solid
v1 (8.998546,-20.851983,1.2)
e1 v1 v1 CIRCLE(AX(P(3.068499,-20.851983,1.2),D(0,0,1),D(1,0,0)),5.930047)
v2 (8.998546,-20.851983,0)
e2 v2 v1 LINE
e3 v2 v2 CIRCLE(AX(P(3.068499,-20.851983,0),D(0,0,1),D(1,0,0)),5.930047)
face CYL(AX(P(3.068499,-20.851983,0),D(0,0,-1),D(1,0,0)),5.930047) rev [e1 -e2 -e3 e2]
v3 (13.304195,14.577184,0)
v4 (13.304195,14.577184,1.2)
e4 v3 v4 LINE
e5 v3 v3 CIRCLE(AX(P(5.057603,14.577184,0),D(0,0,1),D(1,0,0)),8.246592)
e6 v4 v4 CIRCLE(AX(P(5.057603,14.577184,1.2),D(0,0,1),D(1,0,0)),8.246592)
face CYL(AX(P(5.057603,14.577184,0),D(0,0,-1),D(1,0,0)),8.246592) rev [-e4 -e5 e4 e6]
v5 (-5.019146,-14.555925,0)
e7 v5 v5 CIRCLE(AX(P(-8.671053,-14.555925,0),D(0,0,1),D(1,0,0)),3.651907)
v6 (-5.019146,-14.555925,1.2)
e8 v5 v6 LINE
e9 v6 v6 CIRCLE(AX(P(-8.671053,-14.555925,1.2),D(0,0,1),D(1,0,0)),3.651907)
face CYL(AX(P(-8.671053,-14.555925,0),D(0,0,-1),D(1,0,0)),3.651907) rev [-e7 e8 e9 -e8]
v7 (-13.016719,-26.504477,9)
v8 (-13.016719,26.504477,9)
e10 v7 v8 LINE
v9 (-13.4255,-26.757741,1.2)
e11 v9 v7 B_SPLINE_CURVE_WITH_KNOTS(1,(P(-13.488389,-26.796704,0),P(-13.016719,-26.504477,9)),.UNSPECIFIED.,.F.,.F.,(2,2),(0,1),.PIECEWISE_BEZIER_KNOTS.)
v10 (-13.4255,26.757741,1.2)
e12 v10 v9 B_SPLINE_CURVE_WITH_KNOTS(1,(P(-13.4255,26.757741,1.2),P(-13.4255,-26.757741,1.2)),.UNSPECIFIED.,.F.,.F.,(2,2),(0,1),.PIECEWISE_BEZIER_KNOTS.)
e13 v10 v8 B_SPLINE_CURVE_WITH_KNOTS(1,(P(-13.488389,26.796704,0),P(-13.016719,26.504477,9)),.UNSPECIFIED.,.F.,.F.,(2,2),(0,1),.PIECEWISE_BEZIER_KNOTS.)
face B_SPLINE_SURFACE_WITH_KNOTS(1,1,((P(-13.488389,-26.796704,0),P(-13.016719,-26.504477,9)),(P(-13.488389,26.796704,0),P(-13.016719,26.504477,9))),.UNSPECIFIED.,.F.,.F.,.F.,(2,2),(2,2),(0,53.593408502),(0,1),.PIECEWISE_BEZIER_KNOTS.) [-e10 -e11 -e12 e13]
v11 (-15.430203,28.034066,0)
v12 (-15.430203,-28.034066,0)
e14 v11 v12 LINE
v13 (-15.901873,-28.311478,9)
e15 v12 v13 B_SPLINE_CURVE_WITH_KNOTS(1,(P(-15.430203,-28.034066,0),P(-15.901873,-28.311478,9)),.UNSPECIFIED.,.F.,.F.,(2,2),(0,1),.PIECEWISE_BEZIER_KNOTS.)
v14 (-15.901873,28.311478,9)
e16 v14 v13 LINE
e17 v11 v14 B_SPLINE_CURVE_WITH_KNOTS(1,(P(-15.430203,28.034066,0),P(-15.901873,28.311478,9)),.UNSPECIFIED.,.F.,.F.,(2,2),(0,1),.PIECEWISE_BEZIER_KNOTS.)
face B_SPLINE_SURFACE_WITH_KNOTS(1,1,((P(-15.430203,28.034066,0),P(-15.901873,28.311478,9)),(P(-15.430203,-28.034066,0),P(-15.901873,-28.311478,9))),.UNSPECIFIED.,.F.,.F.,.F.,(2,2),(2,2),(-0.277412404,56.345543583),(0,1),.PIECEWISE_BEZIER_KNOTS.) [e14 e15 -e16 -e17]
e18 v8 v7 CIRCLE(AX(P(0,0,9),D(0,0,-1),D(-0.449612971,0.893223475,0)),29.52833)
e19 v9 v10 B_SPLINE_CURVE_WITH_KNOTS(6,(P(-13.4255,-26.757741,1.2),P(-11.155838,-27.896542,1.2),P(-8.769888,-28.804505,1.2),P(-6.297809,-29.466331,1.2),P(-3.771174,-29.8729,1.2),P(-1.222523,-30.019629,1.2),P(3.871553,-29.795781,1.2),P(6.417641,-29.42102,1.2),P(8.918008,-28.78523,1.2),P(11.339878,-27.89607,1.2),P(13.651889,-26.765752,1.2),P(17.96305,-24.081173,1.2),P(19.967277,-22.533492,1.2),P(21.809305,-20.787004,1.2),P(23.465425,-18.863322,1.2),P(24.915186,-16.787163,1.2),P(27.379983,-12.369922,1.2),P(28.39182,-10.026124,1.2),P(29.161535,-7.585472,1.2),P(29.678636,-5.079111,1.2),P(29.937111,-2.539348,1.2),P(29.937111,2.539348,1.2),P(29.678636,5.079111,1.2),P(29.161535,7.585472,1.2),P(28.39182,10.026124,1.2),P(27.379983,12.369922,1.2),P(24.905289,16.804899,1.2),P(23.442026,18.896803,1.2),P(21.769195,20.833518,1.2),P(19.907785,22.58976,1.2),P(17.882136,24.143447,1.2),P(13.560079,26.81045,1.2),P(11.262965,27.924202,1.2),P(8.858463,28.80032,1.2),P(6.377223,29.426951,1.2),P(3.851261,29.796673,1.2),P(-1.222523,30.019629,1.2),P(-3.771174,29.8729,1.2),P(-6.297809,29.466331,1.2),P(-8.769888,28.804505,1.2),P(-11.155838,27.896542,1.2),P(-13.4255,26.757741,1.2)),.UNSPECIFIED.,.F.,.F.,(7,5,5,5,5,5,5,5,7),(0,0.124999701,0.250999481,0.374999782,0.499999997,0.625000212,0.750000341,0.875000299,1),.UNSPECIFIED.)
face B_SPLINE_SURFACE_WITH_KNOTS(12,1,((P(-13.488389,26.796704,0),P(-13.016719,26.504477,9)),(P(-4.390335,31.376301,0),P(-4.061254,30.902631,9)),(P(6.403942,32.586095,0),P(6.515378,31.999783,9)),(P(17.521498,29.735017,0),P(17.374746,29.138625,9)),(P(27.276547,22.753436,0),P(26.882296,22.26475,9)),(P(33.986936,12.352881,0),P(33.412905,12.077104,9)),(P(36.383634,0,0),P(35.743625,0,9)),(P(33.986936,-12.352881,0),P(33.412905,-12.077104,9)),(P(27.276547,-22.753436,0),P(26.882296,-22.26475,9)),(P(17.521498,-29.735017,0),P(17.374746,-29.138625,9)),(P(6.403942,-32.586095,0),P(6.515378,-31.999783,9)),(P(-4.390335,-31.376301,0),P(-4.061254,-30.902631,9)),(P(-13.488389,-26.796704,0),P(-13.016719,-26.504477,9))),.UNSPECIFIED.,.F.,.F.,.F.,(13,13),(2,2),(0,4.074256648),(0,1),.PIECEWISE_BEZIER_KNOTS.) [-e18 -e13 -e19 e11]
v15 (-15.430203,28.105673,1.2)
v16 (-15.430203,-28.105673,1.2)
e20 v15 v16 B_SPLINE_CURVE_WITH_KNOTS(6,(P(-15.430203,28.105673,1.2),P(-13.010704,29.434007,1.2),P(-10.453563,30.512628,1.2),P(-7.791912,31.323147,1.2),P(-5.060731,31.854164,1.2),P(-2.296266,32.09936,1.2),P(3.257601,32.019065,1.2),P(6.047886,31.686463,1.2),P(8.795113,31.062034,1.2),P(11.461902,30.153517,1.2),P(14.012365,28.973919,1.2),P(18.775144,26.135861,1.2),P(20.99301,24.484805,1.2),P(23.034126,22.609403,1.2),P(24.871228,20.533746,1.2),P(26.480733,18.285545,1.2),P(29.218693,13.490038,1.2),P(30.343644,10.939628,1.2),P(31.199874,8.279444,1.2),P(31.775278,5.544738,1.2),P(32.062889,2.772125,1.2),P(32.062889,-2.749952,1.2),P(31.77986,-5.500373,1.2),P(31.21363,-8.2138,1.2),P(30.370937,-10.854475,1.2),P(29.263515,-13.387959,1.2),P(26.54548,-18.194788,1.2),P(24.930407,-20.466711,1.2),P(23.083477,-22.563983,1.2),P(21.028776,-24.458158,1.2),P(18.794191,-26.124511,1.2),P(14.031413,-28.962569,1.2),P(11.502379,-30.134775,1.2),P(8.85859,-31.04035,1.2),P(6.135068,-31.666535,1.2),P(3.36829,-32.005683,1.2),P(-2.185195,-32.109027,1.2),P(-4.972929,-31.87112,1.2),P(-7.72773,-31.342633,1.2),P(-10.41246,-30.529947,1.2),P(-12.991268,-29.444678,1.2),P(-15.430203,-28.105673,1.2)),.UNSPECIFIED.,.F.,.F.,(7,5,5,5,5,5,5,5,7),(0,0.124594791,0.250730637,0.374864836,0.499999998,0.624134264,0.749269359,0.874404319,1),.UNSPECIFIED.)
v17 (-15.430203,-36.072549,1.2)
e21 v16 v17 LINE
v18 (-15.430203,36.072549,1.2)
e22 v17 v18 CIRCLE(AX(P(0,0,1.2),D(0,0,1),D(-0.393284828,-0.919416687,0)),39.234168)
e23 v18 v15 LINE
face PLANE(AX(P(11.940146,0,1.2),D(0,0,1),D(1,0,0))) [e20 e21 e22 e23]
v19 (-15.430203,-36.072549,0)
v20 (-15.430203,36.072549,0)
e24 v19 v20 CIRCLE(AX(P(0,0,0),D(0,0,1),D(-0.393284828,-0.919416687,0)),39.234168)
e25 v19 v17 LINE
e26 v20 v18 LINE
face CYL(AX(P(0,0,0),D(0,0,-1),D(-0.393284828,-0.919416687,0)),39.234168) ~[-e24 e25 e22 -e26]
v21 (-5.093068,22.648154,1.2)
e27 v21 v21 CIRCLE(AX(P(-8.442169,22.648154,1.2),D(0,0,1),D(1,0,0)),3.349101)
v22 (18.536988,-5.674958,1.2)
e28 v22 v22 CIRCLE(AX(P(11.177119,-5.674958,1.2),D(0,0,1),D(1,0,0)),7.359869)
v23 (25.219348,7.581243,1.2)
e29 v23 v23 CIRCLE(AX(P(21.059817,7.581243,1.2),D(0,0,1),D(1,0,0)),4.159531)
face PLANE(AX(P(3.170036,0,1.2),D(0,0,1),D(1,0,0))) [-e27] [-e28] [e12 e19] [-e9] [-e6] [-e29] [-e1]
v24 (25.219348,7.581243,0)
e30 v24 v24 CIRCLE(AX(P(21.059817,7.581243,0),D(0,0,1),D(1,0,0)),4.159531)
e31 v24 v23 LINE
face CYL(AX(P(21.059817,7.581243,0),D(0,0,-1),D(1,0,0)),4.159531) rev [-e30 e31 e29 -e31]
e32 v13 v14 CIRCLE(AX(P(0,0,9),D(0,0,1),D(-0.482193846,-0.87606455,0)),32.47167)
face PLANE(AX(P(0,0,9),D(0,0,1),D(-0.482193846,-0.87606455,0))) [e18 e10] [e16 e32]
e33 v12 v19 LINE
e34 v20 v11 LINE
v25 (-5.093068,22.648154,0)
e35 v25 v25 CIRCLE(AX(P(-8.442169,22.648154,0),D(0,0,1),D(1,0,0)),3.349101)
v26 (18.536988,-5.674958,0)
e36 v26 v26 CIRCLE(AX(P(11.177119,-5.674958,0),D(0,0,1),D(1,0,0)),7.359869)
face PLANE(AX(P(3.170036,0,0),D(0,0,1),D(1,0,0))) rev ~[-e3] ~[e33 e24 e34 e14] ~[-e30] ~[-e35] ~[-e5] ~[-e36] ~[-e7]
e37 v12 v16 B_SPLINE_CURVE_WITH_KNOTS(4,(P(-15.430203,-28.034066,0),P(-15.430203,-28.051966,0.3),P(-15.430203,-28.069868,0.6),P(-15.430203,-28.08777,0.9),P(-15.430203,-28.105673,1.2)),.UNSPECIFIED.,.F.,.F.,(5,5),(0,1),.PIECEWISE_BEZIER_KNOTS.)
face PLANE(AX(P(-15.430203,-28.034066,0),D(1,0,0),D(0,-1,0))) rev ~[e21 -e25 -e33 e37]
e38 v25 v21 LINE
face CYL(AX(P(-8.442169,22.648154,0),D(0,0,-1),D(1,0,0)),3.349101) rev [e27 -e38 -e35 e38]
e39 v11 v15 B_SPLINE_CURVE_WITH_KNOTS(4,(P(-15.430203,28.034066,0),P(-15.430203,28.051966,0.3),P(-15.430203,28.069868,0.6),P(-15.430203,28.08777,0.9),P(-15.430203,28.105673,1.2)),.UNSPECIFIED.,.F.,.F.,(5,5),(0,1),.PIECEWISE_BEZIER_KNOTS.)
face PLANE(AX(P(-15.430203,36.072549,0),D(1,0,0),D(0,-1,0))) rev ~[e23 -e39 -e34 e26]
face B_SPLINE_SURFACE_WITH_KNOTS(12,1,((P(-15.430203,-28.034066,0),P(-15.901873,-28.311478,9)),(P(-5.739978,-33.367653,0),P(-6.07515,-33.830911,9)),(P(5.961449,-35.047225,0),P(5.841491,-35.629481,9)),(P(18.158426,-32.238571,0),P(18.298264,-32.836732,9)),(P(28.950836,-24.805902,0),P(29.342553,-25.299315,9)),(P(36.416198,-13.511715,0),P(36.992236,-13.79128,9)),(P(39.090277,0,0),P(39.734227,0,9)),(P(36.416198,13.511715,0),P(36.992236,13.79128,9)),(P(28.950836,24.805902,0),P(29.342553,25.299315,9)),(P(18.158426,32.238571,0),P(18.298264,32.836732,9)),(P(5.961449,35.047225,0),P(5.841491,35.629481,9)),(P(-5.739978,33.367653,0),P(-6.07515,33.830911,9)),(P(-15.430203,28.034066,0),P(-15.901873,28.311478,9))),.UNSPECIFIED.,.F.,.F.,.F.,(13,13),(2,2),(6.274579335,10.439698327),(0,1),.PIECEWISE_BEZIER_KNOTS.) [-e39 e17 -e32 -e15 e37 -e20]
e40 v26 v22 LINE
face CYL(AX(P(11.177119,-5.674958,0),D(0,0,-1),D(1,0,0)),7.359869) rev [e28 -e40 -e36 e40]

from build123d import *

# Parameters (mm, degrees)
F1_DEPTH = 1.2
F2_DEPTH = 9
F2_TAPER = -3
F0_R     = 5.9300474085
F0_R_2   = 3.6519065509
F0_R_3   = 7.3598691172
F0_R_4   = 8.2465917135
F0_R_5   = 3.349100763
F0_R_6   = 4.1595312384
F3_DEPTH = 1.2


with BuildPart() as f1:
    # F0 (on Top) → F1 (new body)
    with BuildSketch(Plane.XY):
        with BuildLine():
            ThreePointArc((-15.4302030614, 28.0340655897), (32, 0), (-15.4302030614, -28.0340655897))
            Line((-15.4302030614, -28.0340655897), (-15.4302030614, -36.0725488648))
            ThreePointArc((-15.4302030614, -36.0725488648), (39.2341681207, 0), (-15.4302030614, 36.0725488648))
            Line((-15.4302030614, 36.0725488648), (-15.4302030614, 28.0340655897))
        make_face()
    extrude(amount=F1_DEPTH)

    # F0 (on Top) → F2 (join)
    with BuildSketch(Plane.XY):
        with BuildLine():
            Line((-15.4302030614, 28.0340655897), (-15.4302030614, -28.0340655897))
            ThreePointArc((-15.4302030614, -28.0340655897), (32, 0), (-15.4302030614, 28.0340655897))
        make_face()
        with BuildLine():
            ThreePointArc((-13.4883891288, 26.7967042509), (30, 0), (-13.4883891288, -26.7967042509))
            Line((-13.4883891288, -26.7967042509), (-13.4883891288, 26.7967042509))
        make_face(mode=Mode.SUBTRACT)
    extrude(amount=F2_DEPTH, taper=F2_TAPER)

    # F0 (on Top) → F3 (join)
    with BuildSketch(Plane.XY):
        with BuildLine():
            Line((-13.4883891288, 26.7967042509), (-13.4883891288, -26.7967042509))
            ThreePointArc((-13.4883891288, -26.7967042509), (30, 0), (-13.4883891288, 26.7967042509))
        make_face()
        with Locations((3.0684988014, -20.8519827574)):
            Circle(F0_R, mode=Mode.SUBTRACT)
        with Locations((-8.6710527539, -14.5559245721)):
            Circle(F0_R_2, mode=Mode.SUBTRACT)
        with Locations((11.1771188676, -5.6749582291)):
            Circle(F0_R_3, mode=Mode.SUBTRACT)
        with Locations((5.0576031208, 14.5771838725)):
            Circle(F0_R_4, mode=Mode.SUBTRACT)
        with Locations((-8.4421690553, 22.6481538266)):
            Circle(F0_R_5, mode=Mode.SUBTRACT)
        with Locations((21.0598167032, 7.5812428258)):
            Circle(F0_R_6, mode=Mode.SUBTRACT)
    extrude(amount=F3_DEPTH)


solid = f1.part
